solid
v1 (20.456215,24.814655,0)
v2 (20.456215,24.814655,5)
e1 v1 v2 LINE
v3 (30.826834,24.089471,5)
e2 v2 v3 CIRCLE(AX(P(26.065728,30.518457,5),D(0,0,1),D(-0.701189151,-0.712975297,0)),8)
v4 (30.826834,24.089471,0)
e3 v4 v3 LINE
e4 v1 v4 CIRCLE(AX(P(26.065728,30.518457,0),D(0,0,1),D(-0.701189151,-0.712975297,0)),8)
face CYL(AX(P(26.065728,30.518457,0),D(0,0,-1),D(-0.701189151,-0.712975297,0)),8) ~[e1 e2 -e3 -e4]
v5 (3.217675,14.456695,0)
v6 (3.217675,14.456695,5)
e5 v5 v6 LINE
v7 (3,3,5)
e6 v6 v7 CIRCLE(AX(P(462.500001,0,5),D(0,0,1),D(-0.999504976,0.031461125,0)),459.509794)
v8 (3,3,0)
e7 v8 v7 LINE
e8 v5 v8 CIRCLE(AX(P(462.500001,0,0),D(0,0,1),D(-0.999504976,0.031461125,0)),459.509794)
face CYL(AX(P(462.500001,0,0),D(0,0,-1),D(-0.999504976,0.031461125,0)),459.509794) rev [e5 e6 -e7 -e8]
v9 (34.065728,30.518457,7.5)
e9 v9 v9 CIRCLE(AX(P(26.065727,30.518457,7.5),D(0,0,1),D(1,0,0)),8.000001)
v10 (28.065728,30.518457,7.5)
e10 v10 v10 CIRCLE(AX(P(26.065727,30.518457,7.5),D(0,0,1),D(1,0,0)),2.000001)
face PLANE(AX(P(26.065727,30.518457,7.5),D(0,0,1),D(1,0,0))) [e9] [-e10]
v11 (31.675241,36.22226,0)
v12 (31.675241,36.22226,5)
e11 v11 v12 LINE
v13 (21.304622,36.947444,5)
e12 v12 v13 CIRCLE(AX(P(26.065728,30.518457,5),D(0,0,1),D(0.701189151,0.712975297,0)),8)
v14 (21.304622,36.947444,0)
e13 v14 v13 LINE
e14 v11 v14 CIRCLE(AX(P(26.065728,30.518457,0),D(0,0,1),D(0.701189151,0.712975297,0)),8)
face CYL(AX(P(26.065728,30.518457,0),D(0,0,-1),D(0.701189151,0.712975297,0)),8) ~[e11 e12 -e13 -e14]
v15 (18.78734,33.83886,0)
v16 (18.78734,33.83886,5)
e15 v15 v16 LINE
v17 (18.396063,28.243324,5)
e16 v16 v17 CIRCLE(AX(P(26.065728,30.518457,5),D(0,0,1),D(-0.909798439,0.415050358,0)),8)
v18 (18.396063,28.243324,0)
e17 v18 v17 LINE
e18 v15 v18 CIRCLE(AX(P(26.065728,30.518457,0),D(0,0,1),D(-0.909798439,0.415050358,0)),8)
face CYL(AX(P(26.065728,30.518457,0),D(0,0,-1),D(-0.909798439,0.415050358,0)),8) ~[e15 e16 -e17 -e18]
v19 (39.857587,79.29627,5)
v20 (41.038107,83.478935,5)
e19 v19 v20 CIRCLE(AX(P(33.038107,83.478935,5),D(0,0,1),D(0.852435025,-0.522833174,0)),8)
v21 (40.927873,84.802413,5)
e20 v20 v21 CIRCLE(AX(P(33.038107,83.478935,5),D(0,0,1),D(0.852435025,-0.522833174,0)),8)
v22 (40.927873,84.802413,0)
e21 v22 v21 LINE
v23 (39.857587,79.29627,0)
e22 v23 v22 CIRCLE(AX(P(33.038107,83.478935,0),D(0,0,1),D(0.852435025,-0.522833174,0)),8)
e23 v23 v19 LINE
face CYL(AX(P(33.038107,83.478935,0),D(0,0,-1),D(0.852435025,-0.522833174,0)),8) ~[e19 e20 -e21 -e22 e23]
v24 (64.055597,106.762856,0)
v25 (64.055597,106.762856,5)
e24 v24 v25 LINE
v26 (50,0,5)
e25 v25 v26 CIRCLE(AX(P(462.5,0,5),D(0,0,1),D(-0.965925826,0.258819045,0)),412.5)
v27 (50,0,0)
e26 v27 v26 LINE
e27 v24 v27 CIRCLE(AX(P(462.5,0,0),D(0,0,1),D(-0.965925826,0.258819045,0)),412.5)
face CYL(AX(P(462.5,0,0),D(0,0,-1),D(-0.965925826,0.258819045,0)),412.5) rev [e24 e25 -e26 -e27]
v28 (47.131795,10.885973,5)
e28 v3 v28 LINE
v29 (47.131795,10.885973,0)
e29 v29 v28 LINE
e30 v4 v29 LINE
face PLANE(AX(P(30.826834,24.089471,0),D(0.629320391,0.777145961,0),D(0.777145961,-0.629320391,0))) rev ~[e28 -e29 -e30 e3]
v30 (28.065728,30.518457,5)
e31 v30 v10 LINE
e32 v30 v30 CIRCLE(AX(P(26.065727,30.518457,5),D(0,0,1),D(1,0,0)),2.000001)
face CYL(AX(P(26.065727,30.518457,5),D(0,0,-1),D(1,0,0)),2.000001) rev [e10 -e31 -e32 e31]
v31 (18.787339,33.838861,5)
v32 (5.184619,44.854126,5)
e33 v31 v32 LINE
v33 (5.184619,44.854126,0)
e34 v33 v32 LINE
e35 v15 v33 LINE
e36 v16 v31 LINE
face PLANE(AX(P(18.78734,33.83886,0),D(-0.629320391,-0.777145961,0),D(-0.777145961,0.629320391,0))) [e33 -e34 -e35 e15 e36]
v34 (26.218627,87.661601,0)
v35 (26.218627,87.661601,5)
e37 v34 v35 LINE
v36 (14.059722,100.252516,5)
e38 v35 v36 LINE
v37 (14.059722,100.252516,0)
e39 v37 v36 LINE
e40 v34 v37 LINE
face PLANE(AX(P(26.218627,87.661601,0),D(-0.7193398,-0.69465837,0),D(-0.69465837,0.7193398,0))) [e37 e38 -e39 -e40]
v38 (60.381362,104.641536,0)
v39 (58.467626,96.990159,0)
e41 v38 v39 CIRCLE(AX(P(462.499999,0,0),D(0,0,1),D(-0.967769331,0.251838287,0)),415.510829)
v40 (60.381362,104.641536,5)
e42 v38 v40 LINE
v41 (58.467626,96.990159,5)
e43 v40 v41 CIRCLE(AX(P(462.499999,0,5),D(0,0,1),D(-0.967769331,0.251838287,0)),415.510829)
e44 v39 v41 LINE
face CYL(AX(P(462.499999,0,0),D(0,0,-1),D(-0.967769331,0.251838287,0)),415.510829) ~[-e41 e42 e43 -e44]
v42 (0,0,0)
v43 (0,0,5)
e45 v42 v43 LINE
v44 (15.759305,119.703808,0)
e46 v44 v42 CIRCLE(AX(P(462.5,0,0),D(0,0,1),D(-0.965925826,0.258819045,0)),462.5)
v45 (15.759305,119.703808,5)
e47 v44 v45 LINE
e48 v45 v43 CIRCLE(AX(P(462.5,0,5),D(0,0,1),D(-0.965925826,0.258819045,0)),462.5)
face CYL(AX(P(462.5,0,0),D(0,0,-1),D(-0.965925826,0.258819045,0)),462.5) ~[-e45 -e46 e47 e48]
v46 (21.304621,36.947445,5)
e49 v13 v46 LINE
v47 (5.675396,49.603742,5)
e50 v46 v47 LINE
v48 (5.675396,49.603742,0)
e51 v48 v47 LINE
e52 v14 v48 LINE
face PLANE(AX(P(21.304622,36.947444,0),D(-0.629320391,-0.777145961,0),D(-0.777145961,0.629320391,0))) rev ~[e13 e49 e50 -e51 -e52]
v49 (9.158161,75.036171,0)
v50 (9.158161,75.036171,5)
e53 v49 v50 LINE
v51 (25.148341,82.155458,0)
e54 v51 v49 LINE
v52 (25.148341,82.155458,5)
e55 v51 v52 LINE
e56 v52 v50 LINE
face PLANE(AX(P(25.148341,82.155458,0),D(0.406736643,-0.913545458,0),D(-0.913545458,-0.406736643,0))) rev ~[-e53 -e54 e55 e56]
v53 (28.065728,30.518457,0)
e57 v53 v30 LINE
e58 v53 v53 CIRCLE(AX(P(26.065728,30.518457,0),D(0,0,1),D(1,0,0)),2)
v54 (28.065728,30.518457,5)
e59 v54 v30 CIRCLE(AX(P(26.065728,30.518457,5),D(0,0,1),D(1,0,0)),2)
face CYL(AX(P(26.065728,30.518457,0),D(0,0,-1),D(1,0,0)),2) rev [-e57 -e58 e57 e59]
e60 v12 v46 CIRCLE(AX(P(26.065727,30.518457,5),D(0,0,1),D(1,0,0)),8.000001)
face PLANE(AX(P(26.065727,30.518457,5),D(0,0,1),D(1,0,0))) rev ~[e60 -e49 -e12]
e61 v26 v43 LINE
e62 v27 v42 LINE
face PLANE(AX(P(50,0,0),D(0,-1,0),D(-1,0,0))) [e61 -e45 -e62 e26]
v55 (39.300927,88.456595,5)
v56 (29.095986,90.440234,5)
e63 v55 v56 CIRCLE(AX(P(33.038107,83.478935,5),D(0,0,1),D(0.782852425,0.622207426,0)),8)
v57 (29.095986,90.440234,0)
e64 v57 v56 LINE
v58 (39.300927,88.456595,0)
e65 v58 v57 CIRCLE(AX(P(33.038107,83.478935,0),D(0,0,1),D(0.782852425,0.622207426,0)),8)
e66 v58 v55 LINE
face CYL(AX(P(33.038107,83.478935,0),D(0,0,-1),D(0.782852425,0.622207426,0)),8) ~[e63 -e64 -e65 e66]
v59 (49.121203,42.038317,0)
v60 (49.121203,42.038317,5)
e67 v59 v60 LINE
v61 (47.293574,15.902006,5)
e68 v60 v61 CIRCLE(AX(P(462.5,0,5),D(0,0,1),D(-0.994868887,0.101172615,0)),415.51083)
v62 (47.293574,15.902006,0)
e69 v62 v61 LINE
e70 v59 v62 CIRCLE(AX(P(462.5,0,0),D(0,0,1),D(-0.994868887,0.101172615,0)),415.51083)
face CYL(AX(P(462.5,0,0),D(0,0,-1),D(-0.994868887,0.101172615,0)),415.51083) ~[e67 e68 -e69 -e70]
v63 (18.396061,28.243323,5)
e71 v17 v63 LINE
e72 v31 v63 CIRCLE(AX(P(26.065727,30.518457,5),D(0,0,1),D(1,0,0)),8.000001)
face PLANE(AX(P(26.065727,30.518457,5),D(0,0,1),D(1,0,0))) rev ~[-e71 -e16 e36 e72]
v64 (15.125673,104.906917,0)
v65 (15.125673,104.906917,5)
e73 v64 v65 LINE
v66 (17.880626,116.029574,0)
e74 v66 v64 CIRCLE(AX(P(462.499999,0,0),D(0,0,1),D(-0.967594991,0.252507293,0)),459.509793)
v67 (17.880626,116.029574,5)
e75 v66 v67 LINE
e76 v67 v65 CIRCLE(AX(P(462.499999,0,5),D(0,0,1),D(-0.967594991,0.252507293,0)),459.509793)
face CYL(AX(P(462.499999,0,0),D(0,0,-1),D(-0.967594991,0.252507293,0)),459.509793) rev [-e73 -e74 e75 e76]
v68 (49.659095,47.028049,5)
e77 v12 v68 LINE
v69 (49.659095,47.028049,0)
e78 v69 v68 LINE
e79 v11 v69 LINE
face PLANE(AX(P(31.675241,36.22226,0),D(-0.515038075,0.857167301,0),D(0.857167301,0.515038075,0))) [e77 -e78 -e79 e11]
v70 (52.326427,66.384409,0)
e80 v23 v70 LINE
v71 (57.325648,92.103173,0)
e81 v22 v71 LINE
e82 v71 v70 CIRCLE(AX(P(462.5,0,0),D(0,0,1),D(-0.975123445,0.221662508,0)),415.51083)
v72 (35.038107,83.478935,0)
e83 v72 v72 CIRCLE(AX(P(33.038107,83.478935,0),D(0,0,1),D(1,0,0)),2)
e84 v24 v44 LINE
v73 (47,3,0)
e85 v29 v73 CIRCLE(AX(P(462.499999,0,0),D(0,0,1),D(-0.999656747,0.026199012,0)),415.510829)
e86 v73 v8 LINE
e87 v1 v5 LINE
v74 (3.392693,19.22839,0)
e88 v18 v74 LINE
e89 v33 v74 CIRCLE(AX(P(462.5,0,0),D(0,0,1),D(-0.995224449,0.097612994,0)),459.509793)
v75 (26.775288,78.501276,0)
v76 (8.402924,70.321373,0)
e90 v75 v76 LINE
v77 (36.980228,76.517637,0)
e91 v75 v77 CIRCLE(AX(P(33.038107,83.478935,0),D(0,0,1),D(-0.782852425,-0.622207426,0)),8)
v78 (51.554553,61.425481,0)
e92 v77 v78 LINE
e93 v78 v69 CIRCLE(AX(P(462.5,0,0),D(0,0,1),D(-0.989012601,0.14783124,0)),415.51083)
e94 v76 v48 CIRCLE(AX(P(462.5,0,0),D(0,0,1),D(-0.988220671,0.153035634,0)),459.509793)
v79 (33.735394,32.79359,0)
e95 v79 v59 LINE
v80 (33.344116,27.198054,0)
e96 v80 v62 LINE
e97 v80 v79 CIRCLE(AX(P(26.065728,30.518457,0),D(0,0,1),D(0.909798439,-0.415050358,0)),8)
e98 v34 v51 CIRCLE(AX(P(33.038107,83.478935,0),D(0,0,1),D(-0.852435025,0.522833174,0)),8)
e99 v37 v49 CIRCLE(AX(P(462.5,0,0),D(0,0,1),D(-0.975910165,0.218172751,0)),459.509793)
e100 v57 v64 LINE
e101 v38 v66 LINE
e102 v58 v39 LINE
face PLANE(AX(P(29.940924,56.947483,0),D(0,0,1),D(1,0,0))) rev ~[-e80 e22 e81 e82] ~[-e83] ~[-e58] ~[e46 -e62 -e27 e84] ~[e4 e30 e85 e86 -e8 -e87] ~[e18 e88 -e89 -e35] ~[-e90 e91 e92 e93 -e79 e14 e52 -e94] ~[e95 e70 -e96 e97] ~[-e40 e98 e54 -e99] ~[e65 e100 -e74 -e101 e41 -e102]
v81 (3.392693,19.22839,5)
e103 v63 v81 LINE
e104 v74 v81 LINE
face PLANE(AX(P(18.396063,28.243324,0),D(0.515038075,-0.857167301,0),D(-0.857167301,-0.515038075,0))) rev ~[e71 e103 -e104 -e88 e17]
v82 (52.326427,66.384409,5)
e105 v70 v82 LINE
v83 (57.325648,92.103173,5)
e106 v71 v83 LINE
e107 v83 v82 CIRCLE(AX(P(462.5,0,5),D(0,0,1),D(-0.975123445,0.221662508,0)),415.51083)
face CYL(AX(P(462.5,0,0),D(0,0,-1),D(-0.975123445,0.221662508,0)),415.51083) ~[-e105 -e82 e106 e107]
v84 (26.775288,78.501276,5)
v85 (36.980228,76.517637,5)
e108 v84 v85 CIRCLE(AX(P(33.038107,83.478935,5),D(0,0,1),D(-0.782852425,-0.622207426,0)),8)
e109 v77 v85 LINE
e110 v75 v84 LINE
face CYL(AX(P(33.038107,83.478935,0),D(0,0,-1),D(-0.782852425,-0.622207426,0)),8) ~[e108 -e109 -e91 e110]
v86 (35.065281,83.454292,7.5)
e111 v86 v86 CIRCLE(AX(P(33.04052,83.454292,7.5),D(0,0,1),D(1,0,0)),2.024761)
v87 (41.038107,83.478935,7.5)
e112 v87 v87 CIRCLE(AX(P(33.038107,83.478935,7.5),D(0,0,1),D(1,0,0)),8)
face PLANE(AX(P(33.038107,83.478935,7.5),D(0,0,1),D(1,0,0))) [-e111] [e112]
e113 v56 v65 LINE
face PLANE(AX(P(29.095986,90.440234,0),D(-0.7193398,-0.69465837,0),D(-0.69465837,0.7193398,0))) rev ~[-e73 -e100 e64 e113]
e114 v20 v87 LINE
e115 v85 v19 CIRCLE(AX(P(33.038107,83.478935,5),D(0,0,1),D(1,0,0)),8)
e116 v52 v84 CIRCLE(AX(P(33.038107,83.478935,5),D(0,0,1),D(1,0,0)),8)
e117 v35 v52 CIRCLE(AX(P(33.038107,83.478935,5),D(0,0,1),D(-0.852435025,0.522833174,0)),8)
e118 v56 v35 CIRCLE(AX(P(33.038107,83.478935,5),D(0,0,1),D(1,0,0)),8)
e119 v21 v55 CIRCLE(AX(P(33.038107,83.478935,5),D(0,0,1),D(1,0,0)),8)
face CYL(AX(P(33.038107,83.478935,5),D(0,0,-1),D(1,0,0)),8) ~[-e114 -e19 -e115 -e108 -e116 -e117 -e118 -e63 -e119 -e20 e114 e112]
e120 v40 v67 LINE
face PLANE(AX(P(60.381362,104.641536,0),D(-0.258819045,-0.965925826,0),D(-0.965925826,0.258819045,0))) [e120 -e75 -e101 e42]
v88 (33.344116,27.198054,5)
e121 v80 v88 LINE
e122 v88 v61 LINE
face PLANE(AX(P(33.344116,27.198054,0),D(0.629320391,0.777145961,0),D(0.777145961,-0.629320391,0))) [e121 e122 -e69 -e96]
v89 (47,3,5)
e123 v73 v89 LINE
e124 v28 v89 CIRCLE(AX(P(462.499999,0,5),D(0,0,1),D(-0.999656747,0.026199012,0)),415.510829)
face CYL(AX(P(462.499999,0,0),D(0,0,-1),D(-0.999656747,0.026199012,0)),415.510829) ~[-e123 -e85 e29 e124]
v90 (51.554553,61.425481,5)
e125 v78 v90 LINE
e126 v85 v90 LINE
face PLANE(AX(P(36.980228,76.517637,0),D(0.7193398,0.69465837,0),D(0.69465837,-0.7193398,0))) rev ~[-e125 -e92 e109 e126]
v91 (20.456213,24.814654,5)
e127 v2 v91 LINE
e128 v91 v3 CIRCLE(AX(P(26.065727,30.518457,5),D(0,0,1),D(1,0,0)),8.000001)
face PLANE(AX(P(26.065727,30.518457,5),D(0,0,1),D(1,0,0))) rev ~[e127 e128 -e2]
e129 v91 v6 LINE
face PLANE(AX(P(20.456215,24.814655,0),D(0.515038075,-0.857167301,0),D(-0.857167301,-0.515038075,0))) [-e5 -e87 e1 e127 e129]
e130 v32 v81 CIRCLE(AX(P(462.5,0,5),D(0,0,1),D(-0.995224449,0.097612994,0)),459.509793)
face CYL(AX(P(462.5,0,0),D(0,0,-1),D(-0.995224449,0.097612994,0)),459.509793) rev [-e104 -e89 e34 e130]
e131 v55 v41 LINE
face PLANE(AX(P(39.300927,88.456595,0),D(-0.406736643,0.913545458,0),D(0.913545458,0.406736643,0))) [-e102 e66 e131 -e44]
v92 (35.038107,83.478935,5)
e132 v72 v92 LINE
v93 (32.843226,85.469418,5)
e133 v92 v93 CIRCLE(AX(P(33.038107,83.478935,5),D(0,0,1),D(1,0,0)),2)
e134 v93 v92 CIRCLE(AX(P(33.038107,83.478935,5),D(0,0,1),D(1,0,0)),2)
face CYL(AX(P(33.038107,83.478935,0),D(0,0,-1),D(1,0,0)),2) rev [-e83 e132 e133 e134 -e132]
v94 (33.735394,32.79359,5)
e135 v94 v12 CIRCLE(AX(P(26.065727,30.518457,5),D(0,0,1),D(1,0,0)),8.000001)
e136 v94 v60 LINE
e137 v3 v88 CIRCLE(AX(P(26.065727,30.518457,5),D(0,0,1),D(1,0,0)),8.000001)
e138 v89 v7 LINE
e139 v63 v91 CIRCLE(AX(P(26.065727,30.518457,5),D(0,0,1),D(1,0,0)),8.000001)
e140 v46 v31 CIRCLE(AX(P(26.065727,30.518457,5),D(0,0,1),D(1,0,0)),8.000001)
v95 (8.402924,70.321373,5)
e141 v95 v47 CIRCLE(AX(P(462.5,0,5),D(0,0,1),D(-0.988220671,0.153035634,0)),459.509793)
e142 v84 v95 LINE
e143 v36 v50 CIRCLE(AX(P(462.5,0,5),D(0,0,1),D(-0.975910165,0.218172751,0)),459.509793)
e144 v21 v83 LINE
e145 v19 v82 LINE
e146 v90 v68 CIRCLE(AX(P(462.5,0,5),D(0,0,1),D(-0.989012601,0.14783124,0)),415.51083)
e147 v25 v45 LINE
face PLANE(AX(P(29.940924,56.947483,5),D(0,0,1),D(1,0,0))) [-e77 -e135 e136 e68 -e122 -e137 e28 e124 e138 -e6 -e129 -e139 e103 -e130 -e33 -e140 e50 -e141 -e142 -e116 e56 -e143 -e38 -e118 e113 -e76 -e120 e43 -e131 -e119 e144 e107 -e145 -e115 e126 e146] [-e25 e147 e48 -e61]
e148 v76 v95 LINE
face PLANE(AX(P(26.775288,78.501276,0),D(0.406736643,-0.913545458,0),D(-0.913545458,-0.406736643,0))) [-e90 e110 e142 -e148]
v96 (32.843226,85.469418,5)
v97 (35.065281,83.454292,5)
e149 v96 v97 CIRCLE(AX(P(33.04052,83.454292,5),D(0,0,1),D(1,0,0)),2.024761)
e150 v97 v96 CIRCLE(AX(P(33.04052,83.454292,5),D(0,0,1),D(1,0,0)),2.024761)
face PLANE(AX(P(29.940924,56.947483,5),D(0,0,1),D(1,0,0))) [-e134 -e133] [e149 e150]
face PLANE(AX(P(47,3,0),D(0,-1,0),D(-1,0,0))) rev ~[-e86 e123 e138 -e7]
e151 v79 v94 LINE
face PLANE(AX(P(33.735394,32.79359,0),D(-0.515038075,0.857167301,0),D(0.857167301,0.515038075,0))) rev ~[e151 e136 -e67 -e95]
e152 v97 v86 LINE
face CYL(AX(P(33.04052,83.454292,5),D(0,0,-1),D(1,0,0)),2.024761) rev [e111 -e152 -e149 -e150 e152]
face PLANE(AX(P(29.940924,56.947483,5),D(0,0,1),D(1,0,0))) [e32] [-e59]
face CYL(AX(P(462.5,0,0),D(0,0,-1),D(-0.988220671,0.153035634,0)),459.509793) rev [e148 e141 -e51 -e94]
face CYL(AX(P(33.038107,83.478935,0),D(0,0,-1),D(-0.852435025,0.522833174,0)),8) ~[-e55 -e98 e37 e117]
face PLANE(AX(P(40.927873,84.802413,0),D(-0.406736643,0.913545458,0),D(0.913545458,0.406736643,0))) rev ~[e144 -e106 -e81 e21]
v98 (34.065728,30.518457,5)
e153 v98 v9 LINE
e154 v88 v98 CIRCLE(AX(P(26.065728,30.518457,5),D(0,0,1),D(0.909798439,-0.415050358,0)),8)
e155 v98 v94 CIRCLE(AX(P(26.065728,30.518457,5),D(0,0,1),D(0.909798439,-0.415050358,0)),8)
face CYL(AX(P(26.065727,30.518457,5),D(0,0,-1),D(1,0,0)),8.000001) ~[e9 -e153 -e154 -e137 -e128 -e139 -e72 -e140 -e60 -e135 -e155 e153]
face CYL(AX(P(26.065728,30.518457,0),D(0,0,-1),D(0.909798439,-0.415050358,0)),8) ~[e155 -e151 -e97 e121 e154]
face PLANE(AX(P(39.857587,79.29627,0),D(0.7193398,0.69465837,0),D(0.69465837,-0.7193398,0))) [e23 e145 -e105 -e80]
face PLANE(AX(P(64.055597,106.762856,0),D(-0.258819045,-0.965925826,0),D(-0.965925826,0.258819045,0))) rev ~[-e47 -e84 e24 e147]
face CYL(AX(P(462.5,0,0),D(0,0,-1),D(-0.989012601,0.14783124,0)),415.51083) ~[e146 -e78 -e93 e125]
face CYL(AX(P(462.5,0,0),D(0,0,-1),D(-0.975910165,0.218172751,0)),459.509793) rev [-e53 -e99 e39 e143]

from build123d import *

# Parameters (mm, degrees)
SKETCH_R      = 2
PAD_DEPTH     = 5
SKETCH001_R   = 8
SKETCH001_R_2 = 2.024761308
SKETCH001_R_3 = 8.0000008109
SKETCH001_R_4 = 2.000001045
PAD001_DEPTH  = 2.5


with BuildPart() as part:
    # Sketch → Pad (new body)
    with BuildSketch(Plane.XY):
        with BuildLine():
            ThreePointArc((15.7593053413, 119.7038083599), (3.9567516146, 60.3683639018), (0, 0))
            Line((50, 0), (0, 0))
            ThreePointArc((64.0555966558, 106.7628561048), (53.5289946833, 53.8420542908), (50, 0))
            Line((64.0555966558, 106.7628561048), (15.7593053413, 119.7038083599))
        make_face()
        with Locations((26.0657280113, 30.5184572631)):
            Circle(SKETCH_R, mode=Mode.SUBTRACT)
        with Locations((33.0381072416, 83.4789354772)):
            Circle(SKETCH_R, mode=Mode.SUBTRACT)
        with BuildLine():
            Line((47, 3), (3, 3))
            ThreePointArc((3.2176751035, 14.4566952549), (3.0731243146, 8.7290261724), (3, 3))
            Line((20.4562148001, 24.8146548881), (3.2176751035, 14.4566952549))
            ThreePointArc((20.4562148001, 24.8146548881), (25.5076762214, 22.537944861), (30.8268339618, 24.0894705522))
            Line((30.8268339618, 24.0894705522), (47.1317951682, 10.8859733054))
            ThreePointArc((47.1317951682, 10.8859733054), (47.0471860802, 6.9432993707), (47, 3))
        make_face(mode=Mode.SUBTRACT)
        with BuildLine():
            Line((60.3813620416, 104.6415357612), (17.8806256849, 116.0295737457))
            ThreePointArc((17.8806256849, 116.0295737457), (16.4684772655, 110.4768334411), (15.1256727632, 104.9069174527))
            Line((29.0959862421, 90.4402343521), (15.1256727632, 104.9069174527))
            ThreePointArc((39.3009266424, 88.4565948824), (34.5645792047, 91.3319529448), (29.0959862421, 90.4402343521))
            Line((39.3009266424, 88.4565948824), (58.4676263177, 96.9901593805))
            ThreePointArc((60.3813620416, 104.6415357612), (59.4063393174, 100.820388402), (58.4676263177, 96.9901593805))
        make_face(mode=Mode.SUBTRACT)
        with BuildLine():
            ThreePointArc((18.7873404966, 33.8388601281), (18.0852156092, 31.076509053), (18.3960625004, 28.2433240909))
            Line((18.3960625004, 28.2433240909), (3.3926933694, 19.2283904273))
            ThreePointArc((5.1846193956, 44.8541264837), (4.1095496121, 32.053782821), (3.3926933694, 19.2283904273))
            Line((18.7873404966, 33.8388601281), (5.1846193956, 44.8541264837))
        make_face(mode=Mode.SUBTRACT)
        with BuildLine():
            Line((21.3046220608, 36.9474439739), (5.6753960094, 49.6037416816))
            ThreePointArc((8.4029238656, 70.3213726134), (6.9213768313, 59.9780635876), (5.6753960094, 49.6037416816))
            Line((26.7752878409, 78.5012760721), (8.4029238656, 70.3213726134))
            ThreePointArc((26.7752878409, 78.5012760721), (31.5116352786, 75.6259180097), (36.9802282412, 76.5176366024))
            Line((36.9802282412, 76.5176366024), (51.5545531991, 61.4254813054))
            ThreePointArc((51.5545531991, 61.4254813054), (50.5439225691, 54.2350464901), (49.6590953227, 47.0280493451))
            Line((31.6752412226, 36.222259638), (49.6590953227, 47.0280493451))
            ThreePointArc((31.6752412226, 36.222259638), (26.6237798013, 38.4989696651), (21.3046220608, 36.9474439739))
        make_face(mode=Mode.SUBTRACT)
        with BuildLine():
            Line((33.344115526, 27.198054398), (47.2935739714, 15.9020056772))
            ThreePointArc((49.121202926, 42.0383173978), (48.0013333151, 28.9845703161), (47.2935739714, 15.9020056772))
            Line((33.7353935222, 32.7935904352), (49.121202926, 42.0383173978))
            ThreePointArc((33.344115526, 27.198054398), (34.0462404134, 29.9604054731), (33.7353935222, 32.7935904352))
        make_face(mode=Mode.SUBTRACT)
        with BuildLine():
            Line((39.8575874425, 79.2962700842), (52.3264266993, 66.384409056))
            ThreePointArc((57.3256479332, 92.1031727317), (54.6232740747, 79.2832040754), (52.3264266993, 66.384409056))
            Line((40.9278732147, 84.8024130518), (57.3256479332, 92.1031727317))
            ThreePointArc((39.8575874425, 79.2962700842), (40.8911247092, 81.9524635142), (40.9278732147, 84.8024130518))
        make_face(mode=Mode.SUBTRACT)
        with BuildLine():
            Line((25.1483412686, 82.1554579027), (9.1581609295, 75.0361709325))
            ThreePointArc((14.0597218383, 100.25251579), (11.4326959844, 87.6786019965), (9.1581609295, 75.0361709325))
            Line((26.2186270408, 87.6616008703), (14.0597218383, 100.25251579))
            ThreePointArc((26.2186270408, 87.6616008703), (25.1850897741, 85.0054074403), (25.1483412686, 82.1554579027))
        make_face(mode=Mode.SUBTRACT)
    extrude(amount=PAD_DEPTH)

    # Sketch001 (on Face44 of Pad) → Pad001 (join)
    with BuildSketch(Plane.XY.offset(5)):
        with Locations((33.0381072416, 83.4789354772)):
            Circle(SKETCH001_R)
        with Locations((33.04052, 83.454292)):
            Circle(SKETCH001_R_2, mode=Mode.SUBTRACT)
        with Locations((26.065727, 30.518457)):
            Circle(SKETCH001_R_3)
        with Locations((26.065727, 30.518457)):
            Circle(SKETCH001_R_4, mode=Mode.SUBTRACT)
    extrude(amount=PAD001_DEPTH)


solid = part.part
